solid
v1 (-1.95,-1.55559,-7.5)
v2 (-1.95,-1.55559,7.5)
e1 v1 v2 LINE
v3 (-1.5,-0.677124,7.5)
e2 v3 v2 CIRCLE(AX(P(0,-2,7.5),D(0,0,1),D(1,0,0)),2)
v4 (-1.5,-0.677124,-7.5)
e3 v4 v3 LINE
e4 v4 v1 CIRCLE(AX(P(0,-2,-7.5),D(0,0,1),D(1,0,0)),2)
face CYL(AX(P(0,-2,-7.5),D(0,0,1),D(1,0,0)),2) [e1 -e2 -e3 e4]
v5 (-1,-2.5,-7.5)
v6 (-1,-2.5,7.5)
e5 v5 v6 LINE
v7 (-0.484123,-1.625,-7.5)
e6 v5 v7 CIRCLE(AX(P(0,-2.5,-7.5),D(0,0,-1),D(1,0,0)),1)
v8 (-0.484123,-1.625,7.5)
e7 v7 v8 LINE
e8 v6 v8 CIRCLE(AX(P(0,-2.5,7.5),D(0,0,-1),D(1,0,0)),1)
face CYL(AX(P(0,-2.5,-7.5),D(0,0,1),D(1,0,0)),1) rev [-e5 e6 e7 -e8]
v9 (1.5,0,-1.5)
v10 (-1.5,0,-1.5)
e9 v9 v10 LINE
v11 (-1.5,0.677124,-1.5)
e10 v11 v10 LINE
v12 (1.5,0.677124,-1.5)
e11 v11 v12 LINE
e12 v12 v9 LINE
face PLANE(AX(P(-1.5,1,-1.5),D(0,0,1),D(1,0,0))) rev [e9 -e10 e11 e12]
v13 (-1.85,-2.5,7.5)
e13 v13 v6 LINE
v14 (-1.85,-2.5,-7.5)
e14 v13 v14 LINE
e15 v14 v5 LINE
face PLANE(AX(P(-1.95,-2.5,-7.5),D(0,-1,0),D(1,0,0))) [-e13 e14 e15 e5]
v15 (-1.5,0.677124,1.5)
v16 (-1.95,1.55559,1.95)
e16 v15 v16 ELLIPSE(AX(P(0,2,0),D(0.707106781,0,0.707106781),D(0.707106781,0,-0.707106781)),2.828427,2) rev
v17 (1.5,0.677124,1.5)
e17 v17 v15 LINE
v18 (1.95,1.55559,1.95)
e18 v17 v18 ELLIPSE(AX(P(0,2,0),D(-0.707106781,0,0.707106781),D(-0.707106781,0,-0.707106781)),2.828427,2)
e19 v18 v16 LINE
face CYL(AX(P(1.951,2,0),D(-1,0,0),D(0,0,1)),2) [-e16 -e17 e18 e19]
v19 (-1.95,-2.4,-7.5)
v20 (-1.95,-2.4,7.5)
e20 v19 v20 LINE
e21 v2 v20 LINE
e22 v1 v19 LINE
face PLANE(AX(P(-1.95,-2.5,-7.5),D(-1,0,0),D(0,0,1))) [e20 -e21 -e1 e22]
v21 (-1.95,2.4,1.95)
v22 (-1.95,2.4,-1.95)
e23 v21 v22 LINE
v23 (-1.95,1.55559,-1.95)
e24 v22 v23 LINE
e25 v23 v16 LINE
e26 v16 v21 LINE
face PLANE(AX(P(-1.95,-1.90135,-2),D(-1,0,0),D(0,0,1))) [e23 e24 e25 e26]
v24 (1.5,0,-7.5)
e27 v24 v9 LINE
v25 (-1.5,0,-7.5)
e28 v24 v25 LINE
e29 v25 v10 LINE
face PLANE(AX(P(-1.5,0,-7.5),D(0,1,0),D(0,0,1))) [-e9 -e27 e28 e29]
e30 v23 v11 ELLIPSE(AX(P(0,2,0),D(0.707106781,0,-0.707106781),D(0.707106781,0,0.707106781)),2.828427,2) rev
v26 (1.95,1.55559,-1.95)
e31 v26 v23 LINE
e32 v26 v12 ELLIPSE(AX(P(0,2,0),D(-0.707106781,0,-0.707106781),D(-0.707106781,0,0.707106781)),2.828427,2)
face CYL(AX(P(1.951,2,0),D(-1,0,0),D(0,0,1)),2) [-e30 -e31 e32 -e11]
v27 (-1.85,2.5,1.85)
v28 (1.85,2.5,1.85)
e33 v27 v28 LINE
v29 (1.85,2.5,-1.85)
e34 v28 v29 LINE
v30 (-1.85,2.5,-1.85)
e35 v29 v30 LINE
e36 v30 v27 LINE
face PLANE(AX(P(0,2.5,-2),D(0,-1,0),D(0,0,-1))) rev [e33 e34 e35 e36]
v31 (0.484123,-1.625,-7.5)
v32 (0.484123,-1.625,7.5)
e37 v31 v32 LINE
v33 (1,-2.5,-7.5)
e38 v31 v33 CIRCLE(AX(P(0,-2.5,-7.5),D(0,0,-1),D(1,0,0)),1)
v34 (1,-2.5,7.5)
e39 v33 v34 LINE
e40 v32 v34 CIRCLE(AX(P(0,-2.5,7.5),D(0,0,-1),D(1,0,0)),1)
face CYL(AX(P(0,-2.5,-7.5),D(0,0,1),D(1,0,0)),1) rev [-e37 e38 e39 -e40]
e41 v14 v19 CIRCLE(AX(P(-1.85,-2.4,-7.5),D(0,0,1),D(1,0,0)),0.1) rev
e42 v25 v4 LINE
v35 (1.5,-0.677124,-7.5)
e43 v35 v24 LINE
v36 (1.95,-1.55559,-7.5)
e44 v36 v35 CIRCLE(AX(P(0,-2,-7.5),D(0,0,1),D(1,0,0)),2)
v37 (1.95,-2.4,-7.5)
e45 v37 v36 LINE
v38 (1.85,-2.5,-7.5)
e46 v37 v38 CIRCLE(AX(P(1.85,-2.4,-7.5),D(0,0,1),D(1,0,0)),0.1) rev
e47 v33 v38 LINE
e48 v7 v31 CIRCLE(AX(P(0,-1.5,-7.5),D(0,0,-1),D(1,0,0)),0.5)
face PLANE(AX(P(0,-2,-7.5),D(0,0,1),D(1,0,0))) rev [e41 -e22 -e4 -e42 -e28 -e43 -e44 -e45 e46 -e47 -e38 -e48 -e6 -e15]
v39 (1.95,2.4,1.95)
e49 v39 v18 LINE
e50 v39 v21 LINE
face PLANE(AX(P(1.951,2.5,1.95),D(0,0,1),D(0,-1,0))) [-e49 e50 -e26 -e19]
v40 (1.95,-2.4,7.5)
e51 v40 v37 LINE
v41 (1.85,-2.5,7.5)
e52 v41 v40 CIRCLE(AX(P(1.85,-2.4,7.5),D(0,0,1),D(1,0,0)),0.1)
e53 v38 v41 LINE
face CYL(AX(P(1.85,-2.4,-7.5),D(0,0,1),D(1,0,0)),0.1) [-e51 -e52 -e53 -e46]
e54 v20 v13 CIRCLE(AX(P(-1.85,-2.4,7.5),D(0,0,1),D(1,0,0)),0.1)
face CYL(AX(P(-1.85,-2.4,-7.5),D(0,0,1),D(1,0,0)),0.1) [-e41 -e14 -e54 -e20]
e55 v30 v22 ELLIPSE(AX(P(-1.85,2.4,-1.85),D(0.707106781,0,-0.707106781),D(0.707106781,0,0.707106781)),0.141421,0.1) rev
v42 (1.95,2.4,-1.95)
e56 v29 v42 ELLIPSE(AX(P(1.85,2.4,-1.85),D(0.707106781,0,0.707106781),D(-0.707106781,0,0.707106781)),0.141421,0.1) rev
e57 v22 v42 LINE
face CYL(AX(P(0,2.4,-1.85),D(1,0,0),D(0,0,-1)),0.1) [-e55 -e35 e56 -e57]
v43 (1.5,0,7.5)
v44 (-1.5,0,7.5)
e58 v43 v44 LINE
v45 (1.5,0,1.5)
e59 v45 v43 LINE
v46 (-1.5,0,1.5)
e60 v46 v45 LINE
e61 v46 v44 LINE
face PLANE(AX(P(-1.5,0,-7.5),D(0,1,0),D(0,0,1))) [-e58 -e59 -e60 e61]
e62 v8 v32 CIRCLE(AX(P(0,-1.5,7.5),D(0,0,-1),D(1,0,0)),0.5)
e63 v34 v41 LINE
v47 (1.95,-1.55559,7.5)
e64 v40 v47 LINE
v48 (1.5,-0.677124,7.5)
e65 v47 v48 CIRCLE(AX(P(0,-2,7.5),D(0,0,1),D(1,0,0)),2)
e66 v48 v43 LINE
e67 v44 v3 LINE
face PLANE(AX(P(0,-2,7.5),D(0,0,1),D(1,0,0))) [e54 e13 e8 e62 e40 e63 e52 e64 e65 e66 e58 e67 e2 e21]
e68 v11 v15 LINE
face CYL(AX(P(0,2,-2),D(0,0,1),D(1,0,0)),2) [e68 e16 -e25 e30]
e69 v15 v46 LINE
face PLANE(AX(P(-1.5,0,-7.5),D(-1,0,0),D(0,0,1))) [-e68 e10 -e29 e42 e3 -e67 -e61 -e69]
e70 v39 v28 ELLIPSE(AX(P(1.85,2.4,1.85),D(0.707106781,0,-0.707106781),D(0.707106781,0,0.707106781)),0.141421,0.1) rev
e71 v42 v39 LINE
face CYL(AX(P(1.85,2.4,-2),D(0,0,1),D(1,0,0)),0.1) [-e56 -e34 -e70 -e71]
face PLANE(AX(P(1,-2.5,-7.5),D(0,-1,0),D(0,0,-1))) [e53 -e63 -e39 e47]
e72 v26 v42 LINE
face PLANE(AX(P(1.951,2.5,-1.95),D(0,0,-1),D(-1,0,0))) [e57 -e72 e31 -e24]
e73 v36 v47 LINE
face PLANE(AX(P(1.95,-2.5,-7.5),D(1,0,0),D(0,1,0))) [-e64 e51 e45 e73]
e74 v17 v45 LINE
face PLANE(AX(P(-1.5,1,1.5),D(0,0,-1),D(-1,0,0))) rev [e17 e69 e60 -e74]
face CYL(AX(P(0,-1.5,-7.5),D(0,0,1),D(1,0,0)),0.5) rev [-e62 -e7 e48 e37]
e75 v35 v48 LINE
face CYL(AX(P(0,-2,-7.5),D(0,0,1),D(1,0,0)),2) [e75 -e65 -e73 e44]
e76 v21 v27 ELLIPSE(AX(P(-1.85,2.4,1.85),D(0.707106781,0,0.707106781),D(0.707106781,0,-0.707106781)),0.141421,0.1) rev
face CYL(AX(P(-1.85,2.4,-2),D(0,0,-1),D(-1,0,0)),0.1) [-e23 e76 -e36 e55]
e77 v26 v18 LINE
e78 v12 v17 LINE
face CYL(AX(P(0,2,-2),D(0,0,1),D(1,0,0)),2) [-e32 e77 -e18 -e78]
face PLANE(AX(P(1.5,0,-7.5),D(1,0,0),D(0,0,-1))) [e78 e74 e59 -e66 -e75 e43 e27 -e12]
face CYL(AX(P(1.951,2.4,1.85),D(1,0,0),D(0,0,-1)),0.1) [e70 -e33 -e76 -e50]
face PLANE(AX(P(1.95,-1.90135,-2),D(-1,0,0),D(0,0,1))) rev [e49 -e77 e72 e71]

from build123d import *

# Parameters (mm, degrees)
EXTRUDE_2_DEPTH                 = 7.5
EXTRUDE_2_DEPTH_BACK            = 7.5
SKETCH_3_W                      = 3
SKETCH_3_H                      = 3
EXTRUDE_3_DEPTH                 = 1
EXTRUDE_4_DEPTH                 = 2
EXTRUDE_4_DEPTH_BACK            = 2
CUT_EXTRUDE_1_REACH             = 10.143
CUT_EXTRUDE_1_DIRECTION_2_REACH = 10.143
FILLET_1_R                      = 0.1


with BuildPart() as part:
    # 草图2 → 凸台-拉伸2 (new, two sides: drawn at the far end of the back side and taken through both)
    with BuildSketch(Plane.XY.offset(-EXTRUDE_2_DEPTH_BACK)):
        with BuildLine():
            Line((-1.95, -2.5), (-1, -2.5))
            ThreePointArc((-1, -2.5), (-0.861429892, -1.992123498), (-0.484122918, -1.625))
            ThreePointArc((-0.484122918, -1.625), (0, -1), (0.484122918, -1.625))
            ThreePointArc((0.484122918, -1.625), (0.861429892, -1.992123498), (1, -2.5))
            Line((1, -2.5), (1.95, -2.5))
            Line((1.95, -2.5), (1.95, -1.555590279))
            ThreePointArc((1.95, -1.555590279), (1.780042303, -1.088161527), (1.5, -0.677124344))
            Line((1.5, -0.677124344), (1.5, 0))
            Line((1.5, 0), (-1.5, 0))
            Line((-1.5, 0), (-1.5, -0.677124344))
            ThreePointArc((-1.5, -0.677124344), (-1.780042303, -1.088161527), (-1.95, -1.555590279))
            Line((-1.95, -1.555590279), (-1.95, -2.5))
        make_face()
    extrude(amount=EXTRUDE_2_DEPTH + EXTRUDE_2_DEPTH_BACK)

    # 草图3 → 凸台-拉伸3 (add)
    with BuildSketch(Plane(origin=(0, 0, 0), x_dir=(-1, 0, 0), z_dir=(0, 1, 0))):
        Rectangle(SKETCH_3_W, SKETCH_3_H)
    extrude(amount=EXTRUDE_3_DEPTH)

    # 草图4 → 凸台-拉伸4 (add, two sides: drawn at the far end of the back side and taken through both)
    with BuildSketch(Plane.XY.offset(-EXTRUDE_4_DEPTH_BACK)):
        with BuildLine():
            Line((1.95, 2.5), (-1.95, 2.5))
            Line((-1.95, 2.5), (-1.95, 1.555590279))
            ThreePointArc((-1.95, 1.555590279), (-1.780042303, 1.088161527), (-1.5, 0.677124344))
            Line((-1.5, 0.677124344), (1.5, 0.677124344))
            ThreePointArc((1.5, 0.677124344), (1.780042303, 1.088161527), (1.95, 1.555590279))
            Line((1.95, 1.555590279), (1.95, 2.5))
        make_face()
    extrude(amount=EXTRUDE_4_DEPTH + EXTRUDE_4_DEPTH_BACK)

    # 草图5 → 切除-拉伸1 (cut, up to next)
    with BuildSketch(Plane(origin=(0, 0, 0), x_dir=(0, 0, -1), z_dir=(1, 0, 0)), mode=Mode.PRIVATE) as cut_extrude_1_sk1:
        with BuildLine():
            Line((1.95, 2.5), (2, 2.5))
            Line((2, 2.5), (2, 0.677124344))
            Line((2, 0.677124344), (1.5, 0.677124344))
            ThreePointArc((1.5, 0.677124344), (1.780042303, 1.088161527), (1.95, 1.555590279))
            Line((1.95, 1.555590279), (1.95, 2.5))
        make_face()
    cut_extrude_1_tool1 = extrude(cut_extrude_1_sk1.sketch, amount=-CUT_EXTRUDE_1_REACH, mode=Mode.PRIVATE) & part.part
    # 草图5 → 切除-拉伸1 (cut, up to next)
    with BuildSketch(Plane(origin=(0, 0, 0), x_dir=(0, 0, -1), z_dir=(1, 0, 0)), mode=Mode.PRIVATE) as cut_extrude_1_sk2:
        with BuildLine():
            Line((-1.95, 2.5), (-1.95, 1.555590279))
            ThreePointArc((-1.95, 1.555590279), (-1.780042303, 1.088161527), (-1.5, 0.677124344))
            Line((-1.5, 0.677124344), (-2, 0.677124344))
            Line((-2, 0.677124344), (-2, 2.5))
            Line((-2, 2.5), (-1.95, 2.5))
        make_face()
    cut_extrude_1_tool2 = extrude(cut_extrude_1_sk2.sketch, amount=-CUT_EXTRUDE_1_REACH, mode=Mode.PRIVATE) & part.part
    add(cut_extrude_1_tool1.solids().sort_by_distance((0, 1.175075, -1.873038))[0], mode=Mode.SUBTRACT)
    add(cut_extrude_1_tool2.solids().sort_by_distance((0, 1.175075, 1.873038))[0], mode=Mode.SUBTRACT)

    # 草图5 → 切除-拉伸1 direction 2 (cut, up to next)
    with BuildSketch(Plane(origin=(0, 0, 0), x_dir=(0, 0, -1), z_dir=(1, 0, 0)), mode=Mode.PRIVATE) as cut_extrude_1_direction_2_sk1:
        with BuildLine():
            Line((1.95, 2.5), (2, 2.5))
            Line((2, 2.5), (2, 0.677124344))
            Line((2, 0.677124344), (1.5, 0.677124344))
            ThreePointArc((1.5, 0.677124344), (1.780042303, 1.088161527), (1.95, 1.555590279))
            Line((1.95, 1.555590279), (1.95, 2.5))
        make_face()
    cut_extrude_1_direction_2_tool1 = extrude(cut_extrude_1_direction_2_sk1.sketch, amount=CUT_EXTRUDE_1_DIRECTION_2_REACH, mode=Mode.PRIVATE) & part.part
    # 草图5 → 切除-拉伸1 direction 2 (cut, up to next)
    with BuildSketch(Plane(origin=(0, 0, 0), x_dir=(0, 0, -1), z_dir=(1, 0, 0)), mode=Mode.PRIVATE) as cut_extrude_1_direction_2_sk2:
        with BuildLine():
            Line((-1.95, 2.5), (-1.95, 1.555590279))
            ThreePointArc((-1.95, 1.555590279), (-1.780042303, 1.088161527), (-1.5, 0.677124344))
            Line((-1.5, 0.677124344), (-2, 0.677124344))
            Line((-2, 0.677124344), (-2, 2.5))
            Line((-2, 2.5), (-1.95, 2.5))
        make_face()
    cut_extrude_1_direction_2_tool2 = extrude(cut_extrude_1_direction_2_sk2.sketch, amount=CUT_EXTRUDE_1_DIRECTION_2_REACH, mode=Mode.PRIVATE) & part.part
    add(cut_extrude_1_direction_2_tool1.solids().sort_by_distance((0, 1.175075, -1.873038))[0], mode=Mode.SUBTRACT)
    add(cut_extrude_1_direction_2_tool2.solids().sort_by_distance((0, 1.175075, 1.873038))[0], mode=Mode.SUBTRACT)

    # 圆角1
    fillet_1_edges = [part.edges().sort_by_distance(p)[0] for p in [
        (-1.95, 2.5, 0),
        (0, 2.5, -1.95),
        (1.95, 2.5, 0),
        (0, 2.5, 1.95),
        (-1.95, -2.5, 0),
        (1.95, -2.5, 0),
    ]]
    fillet(fillet_1_edges, radius=FILLET_1_R)


solid = part.part
